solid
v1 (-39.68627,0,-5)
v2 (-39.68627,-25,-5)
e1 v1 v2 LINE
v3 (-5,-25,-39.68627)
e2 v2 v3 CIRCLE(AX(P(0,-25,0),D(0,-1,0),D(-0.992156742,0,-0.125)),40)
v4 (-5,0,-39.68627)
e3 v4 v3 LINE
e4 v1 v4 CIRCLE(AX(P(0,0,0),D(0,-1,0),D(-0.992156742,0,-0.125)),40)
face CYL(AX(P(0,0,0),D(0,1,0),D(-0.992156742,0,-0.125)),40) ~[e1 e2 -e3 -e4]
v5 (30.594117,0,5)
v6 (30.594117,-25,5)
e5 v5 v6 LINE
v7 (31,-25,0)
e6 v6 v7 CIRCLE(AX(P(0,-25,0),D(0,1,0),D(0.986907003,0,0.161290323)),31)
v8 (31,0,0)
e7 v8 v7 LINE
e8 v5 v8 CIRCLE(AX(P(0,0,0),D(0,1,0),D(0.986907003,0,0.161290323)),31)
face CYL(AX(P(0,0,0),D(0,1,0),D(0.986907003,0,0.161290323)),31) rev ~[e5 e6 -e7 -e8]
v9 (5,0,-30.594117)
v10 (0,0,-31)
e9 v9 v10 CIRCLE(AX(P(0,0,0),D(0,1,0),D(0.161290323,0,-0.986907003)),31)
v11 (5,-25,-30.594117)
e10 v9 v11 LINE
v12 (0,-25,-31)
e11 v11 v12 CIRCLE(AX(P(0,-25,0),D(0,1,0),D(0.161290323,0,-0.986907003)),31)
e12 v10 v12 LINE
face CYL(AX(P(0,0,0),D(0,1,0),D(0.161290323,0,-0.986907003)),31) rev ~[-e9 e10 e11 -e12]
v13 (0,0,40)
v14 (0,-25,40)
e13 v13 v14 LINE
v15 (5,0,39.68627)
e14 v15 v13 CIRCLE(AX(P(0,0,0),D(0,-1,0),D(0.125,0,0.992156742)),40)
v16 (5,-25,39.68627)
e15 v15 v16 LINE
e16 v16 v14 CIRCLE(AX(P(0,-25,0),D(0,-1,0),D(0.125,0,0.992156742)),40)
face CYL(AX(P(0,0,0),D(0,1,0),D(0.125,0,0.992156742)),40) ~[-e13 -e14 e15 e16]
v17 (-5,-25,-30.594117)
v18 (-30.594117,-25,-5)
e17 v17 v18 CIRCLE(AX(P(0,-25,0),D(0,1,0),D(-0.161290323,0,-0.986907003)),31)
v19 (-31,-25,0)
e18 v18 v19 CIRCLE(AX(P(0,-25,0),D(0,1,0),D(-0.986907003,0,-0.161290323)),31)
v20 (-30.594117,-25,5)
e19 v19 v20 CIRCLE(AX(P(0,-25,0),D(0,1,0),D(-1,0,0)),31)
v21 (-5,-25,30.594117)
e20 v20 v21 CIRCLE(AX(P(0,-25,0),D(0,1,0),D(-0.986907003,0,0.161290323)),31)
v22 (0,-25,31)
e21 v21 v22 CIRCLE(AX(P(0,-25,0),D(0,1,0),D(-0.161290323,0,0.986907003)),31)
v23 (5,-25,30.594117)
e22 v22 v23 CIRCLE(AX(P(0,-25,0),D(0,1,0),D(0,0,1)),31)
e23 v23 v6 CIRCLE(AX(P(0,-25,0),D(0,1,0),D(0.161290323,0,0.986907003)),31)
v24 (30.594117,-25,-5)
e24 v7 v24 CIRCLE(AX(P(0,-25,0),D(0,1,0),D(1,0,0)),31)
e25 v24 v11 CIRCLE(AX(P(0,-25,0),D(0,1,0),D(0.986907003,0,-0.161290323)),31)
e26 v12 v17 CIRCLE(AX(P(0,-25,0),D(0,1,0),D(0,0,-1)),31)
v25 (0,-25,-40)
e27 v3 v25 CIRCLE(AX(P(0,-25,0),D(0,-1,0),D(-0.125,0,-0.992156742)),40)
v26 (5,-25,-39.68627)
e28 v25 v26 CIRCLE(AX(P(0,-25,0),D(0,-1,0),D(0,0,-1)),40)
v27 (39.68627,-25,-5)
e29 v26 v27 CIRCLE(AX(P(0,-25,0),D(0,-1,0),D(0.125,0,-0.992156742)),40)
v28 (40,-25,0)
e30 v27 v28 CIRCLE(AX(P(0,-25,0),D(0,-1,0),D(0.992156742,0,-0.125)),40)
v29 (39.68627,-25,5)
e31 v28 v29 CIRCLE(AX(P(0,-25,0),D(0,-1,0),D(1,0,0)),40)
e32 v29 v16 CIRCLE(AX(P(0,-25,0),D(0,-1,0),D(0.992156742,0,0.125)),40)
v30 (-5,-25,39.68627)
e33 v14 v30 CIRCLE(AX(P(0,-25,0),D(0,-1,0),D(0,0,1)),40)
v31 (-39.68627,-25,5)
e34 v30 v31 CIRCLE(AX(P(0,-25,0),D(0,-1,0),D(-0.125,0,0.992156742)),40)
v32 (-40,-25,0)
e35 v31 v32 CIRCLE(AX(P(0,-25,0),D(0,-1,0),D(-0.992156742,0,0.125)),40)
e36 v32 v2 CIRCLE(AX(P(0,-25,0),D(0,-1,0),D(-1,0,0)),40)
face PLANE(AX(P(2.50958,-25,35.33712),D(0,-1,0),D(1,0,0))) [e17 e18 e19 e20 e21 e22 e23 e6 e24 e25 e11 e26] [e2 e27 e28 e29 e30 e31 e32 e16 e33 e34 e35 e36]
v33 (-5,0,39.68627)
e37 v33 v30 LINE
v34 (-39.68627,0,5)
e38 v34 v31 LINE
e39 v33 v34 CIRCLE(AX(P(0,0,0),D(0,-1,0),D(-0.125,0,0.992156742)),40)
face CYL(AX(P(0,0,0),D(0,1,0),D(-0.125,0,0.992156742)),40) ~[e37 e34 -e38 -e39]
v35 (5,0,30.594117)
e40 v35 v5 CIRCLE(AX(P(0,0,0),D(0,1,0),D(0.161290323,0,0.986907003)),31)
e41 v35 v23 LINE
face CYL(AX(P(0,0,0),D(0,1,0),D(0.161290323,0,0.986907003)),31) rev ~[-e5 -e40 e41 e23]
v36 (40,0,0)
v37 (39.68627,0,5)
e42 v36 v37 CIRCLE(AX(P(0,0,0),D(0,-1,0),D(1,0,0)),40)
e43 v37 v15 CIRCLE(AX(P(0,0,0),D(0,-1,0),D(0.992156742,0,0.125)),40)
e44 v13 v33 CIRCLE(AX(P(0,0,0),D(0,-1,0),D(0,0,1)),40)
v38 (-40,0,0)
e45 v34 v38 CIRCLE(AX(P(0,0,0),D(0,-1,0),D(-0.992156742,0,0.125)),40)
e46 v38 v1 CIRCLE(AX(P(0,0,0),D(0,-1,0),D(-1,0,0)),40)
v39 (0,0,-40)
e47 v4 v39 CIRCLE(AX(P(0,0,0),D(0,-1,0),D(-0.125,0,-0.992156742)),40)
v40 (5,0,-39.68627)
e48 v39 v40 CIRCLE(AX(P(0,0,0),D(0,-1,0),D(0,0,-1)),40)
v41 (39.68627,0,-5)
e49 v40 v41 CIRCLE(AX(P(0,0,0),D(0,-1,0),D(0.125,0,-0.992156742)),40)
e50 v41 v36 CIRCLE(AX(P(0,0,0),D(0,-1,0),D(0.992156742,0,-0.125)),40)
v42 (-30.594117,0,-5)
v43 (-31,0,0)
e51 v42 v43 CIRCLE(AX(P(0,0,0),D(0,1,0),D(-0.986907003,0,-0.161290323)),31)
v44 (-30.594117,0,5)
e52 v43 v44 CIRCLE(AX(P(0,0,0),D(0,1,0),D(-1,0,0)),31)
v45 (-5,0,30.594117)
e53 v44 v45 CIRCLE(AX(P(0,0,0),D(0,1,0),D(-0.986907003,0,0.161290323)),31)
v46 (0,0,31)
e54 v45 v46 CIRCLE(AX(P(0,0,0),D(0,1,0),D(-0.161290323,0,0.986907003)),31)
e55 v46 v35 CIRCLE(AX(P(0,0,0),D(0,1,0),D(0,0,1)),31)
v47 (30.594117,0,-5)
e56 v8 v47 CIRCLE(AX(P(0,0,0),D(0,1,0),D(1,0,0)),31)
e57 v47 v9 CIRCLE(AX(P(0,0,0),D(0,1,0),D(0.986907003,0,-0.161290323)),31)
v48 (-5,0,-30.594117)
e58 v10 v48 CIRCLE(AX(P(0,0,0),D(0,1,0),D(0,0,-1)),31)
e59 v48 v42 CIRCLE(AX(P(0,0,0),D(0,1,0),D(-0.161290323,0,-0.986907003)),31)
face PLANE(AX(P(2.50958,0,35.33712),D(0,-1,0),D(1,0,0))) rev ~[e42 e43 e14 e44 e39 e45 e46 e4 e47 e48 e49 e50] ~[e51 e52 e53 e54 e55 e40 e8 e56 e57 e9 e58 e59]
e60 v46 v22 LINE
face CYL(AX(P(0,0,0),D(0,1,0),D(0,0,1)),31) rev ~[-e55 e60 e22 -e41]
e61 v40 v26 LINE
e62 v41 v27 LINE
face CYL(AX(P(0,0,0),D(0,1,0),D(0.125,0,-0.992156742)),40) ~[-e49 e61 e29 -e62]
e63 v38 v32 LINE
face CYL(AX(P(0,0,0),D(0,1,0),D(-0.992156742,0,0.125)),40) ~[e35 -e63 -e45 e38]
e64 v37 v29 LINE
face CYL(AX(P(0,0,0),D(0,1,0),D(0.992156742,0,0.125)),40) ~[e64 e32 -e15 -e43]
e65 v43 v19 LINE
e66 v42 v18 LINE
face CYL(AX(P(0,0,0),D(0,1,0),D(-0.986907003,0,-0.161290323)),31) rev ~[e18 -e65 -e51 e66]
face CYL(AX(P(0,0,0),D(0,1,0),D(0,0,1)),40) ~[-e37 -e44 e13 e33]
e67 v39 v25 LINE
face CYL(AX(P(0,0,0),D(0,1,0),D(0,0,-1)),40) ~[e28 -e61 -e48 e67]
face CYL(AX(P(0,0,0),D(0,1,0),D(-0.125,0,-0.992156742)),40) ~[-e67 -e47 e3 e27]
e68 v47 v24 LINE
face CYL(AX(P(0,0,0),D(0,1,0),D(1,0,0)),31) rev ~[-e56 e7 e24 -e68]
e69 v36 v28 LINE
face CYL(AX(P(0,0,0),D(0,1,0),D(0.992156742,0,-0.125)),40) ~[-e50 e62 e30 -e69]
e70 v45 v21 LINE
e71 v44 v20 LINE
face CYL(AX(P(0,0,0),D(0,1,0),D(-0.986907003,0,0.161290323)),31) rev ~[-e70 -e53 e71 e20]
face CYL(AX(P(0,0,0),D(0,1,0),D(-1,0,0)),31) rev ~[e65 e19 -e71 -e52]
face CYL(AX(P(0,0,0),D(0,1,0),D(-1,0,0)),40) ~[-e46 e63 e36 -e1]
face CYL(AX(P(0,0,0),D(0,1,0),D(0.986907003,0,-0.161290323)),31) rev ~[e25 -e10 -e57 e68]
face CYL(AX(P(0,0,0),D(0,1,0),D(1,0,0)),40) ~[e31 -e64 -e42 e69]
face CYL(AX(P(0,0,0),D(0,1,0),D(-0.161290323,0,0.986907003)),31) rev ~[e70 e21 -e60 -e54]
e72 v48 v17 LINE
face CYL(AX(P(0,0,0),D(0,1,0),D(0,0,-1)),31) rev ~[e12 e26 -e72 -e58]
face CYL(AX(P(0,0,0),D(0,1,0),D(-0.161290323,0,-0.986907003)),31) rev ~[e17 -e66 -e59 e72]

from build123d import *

# Parameters (mm, degrees)
F1_DEPTH = 25


with BuildPart() as f1:
    # F0 (on Front) → F1 (new body)
    with BuildSketch(Plane.XZ):
        with BuildLine():
            Line((5, 30.5941170816), (5, 39.686269666))
            ThreePointArc((5, 39.686269666), (2.5049165017, 39.9214903695), (0, 40))
            Line((0, 40), (0, 31))
            ThreePointArc((0, 31), (2.5082235219, 30.8983626551), (5, 30.5941170816))
        make_face()
        with BuildLine():
            Line((0, 31), (0, 40))
            ThreePointArc((0, 40), (-2.5049165017, 39.9214903695), (-5, 39.686269666))
            Line((-5, 39.686269666), (-5, 30.5941170816))
            ThreePointArc((-5, 30.5941170816), (-2.5082235219, 30.8983626551), (0, 31))
        make_face()
        with BuildLine():
            Line((-5, 30.5941170816), (-5, 39.686269666))
            ThreePointArc((-5, 39.686269666), (-28.2842712475, 28.2842712475), (-39.686269666, 5))
            Line((-39.686269666, 5), (-30.5941170816, 5))
            ThreePointArc((-30.5941170816, 5), (-21.9203102168, 21.9203102168), (-5, 30.5941170816))
        make_face()
        with BuildLine():
            Line((-30.5941170816, 5), (-39.686269666, 5))
            ThreePointArc((-39.686269666, 5), (-39.9214903695, 2.5049165017), (-40, 0))
            Line((-40, 0), (-31, 0))
            ThreePointArc((-31, 0), (-30.8983626551, 2.5082235219), (-30.5941170816, 5))
        make_face()
        with BuildLine():
            ThreePointArc((-40, 0), (-39.9214903695, -2.5049165017), (-39.686269666, -5))
            Line((-39.686269666, -5), (-30.5941170816, -5))
            ThreePointArc((-30.5941170816, -5), (-30.8983626551, -2.5082235219), (-31, 0))
            Line((-31, 0), (-40, 0))
        make_face()
        with BuildLine():
            ThreePointArc((-39.686269666, -5), (-28.2842712475, -28.2842712475), (-5, -39.686269666))
            Line((-5, -39.686269666), (-5, -30.5941170816))
            ThreePointArc((-5, -30.5941170816), (-21.9203102168, -21.9203102168), (-30.5941170816, -5))
            Line((-30.5941170816, -5), (-39.686269666, -5))
        make_face()
        with BuildLine():
            ThreePointArc((-5, -39.686269666), (-2.5049165017, -39.9214903695), (0, -40))
            Line((0, -40), (0, -31))
            ThreePointArc((0, -31), (-2.5082235219, -30.8983626551), (-5, -30.5941170816))
            Line((-5, -30.5941170816), (-5, -39.686269666))
        make_face()
        with BuildLine():
            ThreePointArc((0, -40), (2.5049165017, -39.9214903695), (5, -39.686269666))
            Line((5, -39.686269666), (5, -30.5941170816))
            ThreePointArc((5, -30.5941170816), (2.5082235219, -30.8983626551), (0, -31))
            Line((0, -31), (0, -40))
        make_face()
        with BuildLine():
            ThreePointArc((5, -39.686269666), (28.2842712475, -28.2842712475), (39.686269666, -5))
            Line((39.686269666, -5), (30.5941170816, -5))
            ThreePointArc((30.5941170816, -5), (21.9203102168, -21.9203102168), (5, -30.5941170816))
            Line((5, -30.5941170816), (5, -39.686269666))
        make_face()
        with BuildLine():
            ThreePointArc((39.686269666, -5), (39.9214903695, -2.5049165017), (40, 0))
            Line((40, 0), (31, 0))
            ThreePointArc((31, 0), (30.8983626551, -2.5082235219), (30.5941170816, -5))
            Line((30.5941170816, -5), (39.686269666, -5))
        make_face()
        with BuildLine():
            Line((31, 0), (40, 0))
            ThreePointArc((40, 0), (39.9214903695, 2.5049165017), (39.686269666, 5))
            Line((39.686269666, 5), (30.5941170816, 5))
            ThreePointArc((30.5941170816, 5), (30.8983626551, 2.5082235219), (31, 0))
        make_face()
        with BuildLine():
            Line((30.5941170816, 5), (39.686269666, 5))
            ThreePointArc((39.686269666, 5), (28.2842712475, 28.2842712475), (5, 39.686269666))
            Line((5, 39.686269666), (5, 30.5941170816))
            ThreePointArc((5, 30.5941170816), (21.9203102168, 21.9203102168), (30.5941170816, 5))
        make_face()
    extrude(amount=F1_DEPTH)


solid = f1.part
